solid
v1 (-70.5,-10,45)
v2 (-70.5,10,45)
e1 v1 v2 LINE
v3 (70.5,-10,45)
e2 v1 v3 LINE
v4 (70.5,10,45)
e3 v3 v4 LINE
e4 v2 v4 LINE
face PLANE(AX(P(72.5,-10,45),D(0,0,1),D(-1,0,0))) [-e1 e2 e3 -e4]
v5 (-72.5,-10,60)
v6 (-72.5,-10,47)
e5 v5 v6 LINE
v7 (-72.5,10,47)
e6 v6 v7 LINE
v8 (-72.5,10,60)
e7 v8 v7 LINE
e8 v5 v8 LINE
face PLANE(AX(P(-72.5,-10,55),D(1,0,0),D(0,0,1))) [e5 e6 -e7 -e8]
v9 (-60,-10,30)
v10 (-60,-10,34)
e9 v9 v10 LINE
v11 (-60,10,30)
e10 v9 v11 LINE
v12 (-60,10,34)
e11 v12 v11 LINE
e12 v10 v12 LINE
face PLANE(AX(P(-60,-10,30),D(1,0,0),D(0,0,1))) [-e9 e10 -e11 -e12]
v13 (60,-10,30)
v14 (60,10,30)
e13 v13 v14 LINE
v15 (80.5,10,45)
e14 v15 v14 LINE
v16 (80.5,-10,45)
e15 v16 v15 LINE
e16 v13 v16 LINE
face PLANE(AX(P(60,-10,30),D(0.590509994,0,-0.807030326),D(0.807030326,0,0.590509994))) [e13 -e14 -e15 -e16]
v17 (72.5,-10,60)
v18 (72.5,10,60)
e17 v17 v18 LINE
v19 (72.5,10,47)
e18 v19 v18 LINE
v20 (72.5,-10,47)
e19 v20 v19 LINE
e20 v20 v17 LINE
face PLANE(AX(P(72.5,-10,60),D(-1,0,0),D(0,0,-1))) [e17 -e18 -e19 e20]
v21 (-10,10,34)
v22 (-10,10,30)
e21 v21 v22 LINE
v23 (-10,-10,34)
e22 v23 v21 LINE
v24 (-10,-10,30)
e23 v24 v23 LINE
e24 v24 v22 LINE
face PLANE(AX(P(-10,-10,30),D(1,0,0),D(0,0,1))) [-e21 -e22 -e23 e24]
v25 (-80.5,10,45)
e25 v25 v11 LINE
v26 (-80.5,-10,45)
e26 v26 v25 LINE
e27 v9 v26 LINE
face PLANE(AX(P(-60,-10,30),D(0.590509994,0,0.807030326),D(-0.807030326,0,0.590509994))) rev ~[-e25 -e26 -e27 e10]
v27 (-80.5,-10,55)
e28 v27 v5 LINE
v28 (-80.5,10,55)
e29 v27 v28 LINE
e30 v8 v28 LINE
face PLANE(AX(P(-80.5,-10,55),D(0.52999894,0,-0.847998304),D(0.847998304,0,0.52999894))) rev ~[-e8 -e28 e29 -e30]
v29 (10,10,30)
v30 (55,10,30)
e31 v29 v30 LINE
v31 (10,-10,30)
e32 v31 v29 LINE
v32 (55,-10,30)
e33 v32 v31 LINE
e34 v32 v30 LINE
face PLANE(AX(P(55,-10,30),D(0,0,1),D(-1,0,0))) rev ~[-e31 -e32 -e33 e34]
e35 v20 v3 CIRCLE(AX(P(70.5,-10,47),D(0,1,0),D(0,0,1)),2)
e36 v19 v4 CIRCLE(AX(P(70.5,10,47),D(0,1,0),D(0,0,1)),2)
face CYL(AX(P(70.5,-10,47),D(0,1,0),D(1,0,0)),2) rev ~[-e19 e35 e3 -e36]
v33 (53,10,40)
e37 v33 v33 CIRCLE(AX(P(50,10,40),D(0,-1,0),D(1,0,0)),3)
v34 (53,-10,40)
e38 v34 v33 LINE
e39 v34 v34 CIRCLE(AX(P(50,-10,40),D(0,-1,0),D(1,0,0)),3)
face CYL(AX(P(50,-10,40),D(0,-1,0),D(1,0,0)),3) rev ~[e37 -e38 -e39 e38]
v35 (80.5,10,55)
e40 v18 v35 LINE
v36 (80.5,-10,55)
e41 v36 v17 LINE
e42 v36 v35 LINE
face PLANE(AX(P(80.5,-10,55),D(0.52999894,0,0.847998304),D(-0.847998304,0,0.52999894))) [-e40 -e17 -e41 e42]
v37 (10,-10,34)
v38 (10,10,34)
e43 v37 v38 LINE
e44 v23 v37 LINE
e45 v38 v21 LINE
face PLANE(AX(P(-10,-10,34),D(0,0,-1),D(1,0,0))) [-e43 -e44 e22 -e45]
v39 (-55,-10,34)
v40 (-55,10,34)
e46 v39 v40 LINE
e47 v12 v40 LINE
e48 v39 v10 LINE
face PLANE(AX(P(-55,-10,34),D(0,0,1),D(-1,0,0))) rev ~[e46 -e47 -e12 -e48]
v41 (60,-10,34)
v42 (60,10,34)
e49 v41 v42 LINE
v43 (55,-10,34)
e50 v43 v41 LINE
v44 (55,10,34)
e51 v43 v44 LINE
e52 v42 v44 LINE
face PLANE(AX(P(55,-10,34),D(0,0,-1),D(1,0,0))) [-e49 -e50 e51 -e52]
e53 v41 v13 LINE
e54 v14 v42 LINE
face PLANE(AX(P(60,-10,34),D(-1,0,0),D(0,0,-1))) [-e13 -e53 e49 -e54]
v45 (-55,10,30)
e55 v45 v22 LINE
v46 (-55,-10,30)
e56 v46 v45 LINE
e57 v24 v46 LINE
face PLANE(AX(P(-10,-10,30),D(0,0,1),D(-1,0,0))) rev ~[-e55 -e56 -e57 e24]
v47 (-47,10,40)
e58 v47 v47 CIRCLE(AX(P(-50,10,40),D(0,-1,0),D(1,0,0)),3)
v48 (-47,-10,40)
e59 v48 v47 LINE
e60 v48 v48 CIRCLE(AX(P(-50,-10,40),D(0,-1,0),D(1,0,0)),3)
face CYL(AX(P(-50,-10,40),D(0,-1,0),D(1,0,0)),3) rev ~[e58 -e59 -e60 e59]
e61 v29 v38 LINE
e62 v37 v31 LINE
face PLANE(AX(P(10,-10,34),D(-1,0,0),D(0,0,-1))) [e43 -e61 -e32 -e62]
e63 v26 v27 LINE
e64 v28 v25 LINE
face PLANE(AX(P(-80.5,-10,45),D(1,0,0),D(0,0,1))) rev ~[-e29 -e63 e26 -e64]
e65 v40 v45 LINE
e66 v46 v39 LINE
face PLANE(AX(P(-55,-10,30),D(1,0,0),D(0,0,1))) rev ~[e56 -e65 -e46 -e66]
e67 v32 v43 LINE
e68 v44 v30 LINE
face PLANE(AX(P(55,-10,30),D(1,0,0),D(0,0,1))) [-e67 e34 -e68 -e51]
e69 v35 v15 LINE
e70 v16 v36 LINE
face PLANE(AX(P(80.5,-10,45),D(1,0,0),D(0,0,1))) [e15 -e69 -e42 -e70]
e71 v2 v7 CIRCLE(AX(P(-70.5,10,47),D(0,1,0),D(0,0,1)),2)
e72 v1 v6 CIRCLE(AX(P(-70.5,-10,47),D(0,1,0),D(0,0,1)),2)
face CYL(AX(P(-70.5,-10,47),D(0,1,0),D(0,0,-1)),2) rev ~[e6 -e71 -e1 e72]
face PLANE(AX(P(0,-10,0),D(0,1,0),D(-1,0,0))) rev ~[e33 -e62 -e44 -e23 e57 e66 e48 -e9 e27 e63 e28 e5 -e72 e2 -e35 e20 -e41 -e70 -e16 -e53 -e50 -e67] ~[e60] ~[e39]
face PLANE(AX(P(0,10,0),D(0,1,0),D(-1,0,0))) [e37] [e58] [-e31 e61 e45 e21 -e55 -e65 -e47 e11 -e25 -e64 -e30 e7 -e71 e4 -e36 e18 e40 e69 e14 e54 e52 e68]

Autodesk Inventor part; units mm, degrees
ref_plane "YZ Plane" through (0, 0, 0) normal (1, 0, 0) x (0, 1, 0)
ref_plane "XZ Plane" through (0, 0, 0) normal (0, 1, 0) x (-1, 0, 0)
ref_plane "XY Plane" through (0, 0, 0) normal (0, 0, 1) x (1, 0, 0)
sketch "Esquisse1" plane through (0, 0, 0) normal (0, 1, 0) x (-1, 0, 0)
  circle A0 centre (0, 0) radius 25 construction
  line L0 (-25, 0) -> (25, 0) construction
  arc A1 (-75, -80.7775) -> (-75, 80.7775) centre (-25, 0) ccw construction
  arc A2 (75, 80.7775) -> (75, -80.7775) centre (25, 0) ccw construction
  line L1 (0, 25) -> (0, 0) construction
  line L2 (-75, 80.7775) -> (75, 80.7775)
  line L3 (-75, -80.7775) -> (75, -80.7775)
  arc A3 (75, -80.7775) -> (75, 80.7775) centre (25, 0) ccw
  arc A4 (-75, 80.7775) -> (-75, -80.7775) centre (-25, 0) ccw
  dimension "d0" = 50
  dimension "d1" = 190
  dimension "d2" = 150
extrude "Extrusion1" add sketch "Esquisse1" along normal mid plane 20
sketch "Esquisse4" plane through (0, -10, 0) normal (0, -1, 0) x (1, 0, 0)
  line L0 (-50, 40) -> (50, 40) construction
  line L1 (50, 40) -> (50, -40) construction
  line L2 (50, -40) -> (-50, -40) construction
  line L3 (-50, -40) -> (-50, 40) construction
  circle A0 centre (-50, 40) radius 3
  circle A1 centre (50, 40) radius 3
  circle A2 centre (50, -40) radius 3
  circle A3 centre (-50, -40) radius 3
  line L4 (75, 80.7775) -> (-75, 80.7775) projected
  point P0 (0, 0)
  dimension "d15" = 80
  dimension "d16" = 100
  dimension "d17" = 50
  dimension "d18" = 40
  dimension "d19" = 6
  dimension "d20" = 6
  dimension "d21" = 6
  dimension "d22" = 6
  dimension "d25" = 40.7775
extrude "Extrusion4" cut sketch "Esquisse4" against normal through all
sketch "Esquisse12" plane through (0, -10, 0) normal (0, -1, 0) x (1, 0, 0)
  circle A0 centre (50, -40) radius 3 projected
  circle A1 centre (-50, 40) radius 3 projected
  circle A2 centre (50, 40) radius 3 projected
  circle A3 centre (-50, -40) radius 3 projected
  line L0 (75, 80.7775) -> (-75, 80.7775) projected
  arc A4 (-75, 80.7775) -> (-75, -80.7775) centre (-25, 0) ccw projected
  line L1 (-75, -80.7775) -> (75, -80.7775) projected
  arc A5 (75, -80.7775) -> (75, 80.7775) centre (25, 0) ccw projected
  line L2 (-72.5, 60) -> (72.5, 60)
  line L3 (72.5, 60) -> (72.5, 45)
  line L4 (72.5, 45) -> (-72.5, 45)
  line L5 (-72.5, 45) -> (-72.5, 60)
  line L6 (-60, 45) -> (60, 45)
  line L7 (60, 45) -> (60, 30)
  line L8 (60, 30) -> (-60, 30)
  line L9 (-60, 30) -> (-60, 45)
  line L10 (-72.5, 45) -> (-80.5, 45)
  line L11 (-80.5, 45) -> (-80.5, 55)
  line L12 (-80.5, 55) -> (-72.5, 55)
  line L13 (-72.5, 55) -> (-72.5, 45)
  line L14 (72.5, 45) -> (80.5, 45)
  line L15 (80.5, 45) -> (80.5, 55)
  line L16 (80.5, 55) -> (72.5, 55)
  line L17 (72.5, 55) -> (72.5, 45)
  line L18 (-60, 30) -> (-80.5, 45)
  line L19 (60, 30) -> (80.5, 45)
  line L20 (-80.5, 55) -> (-72.5, 60)
  line L21 (-72.5, 55) -> (-72.5, 60)
  line L22 (80.5, 55) -> (72.5, 60)
  line L23 (72.5, 60) -> (72.5, 55)
  line L24 (-60, 30) -> (-55, 30)
  line L25 (-55, 30) -> (-55, 34)
  line L26 (-55, 34) -> (-60, 34)
  line L27 (-60, 34) -> (-60, 30)
  line L28 (60, 30) -> (55, 30)
  line L29 (55, 30) -> (55, 34)
  line L30 (55, 34) -> (60, 34)
  line L31 (60, 34) -> (60, 30)
  line L32 (10, 30) -> (-10, 30)
  line L33 (-10, 30) -> (-10, 34)
  line L34 (-10, 34) -> (10, 34)
  line L35 (10, 34) -> (10, 30)
  point P0 (0, 0)
  dimension "d101" = 145
  dimension "d102" = 15
  dimension "d103" = 40.7775
  dimension "d105" = 72.5
  dimension "d106" = 10
  dimension "d107" = 10
  dimension "d108" = 10
  dimension "d109" = 8
  dimension "d110" = 8
  dimension "d111" = 5
  dimension "d112" = 5
  dimension "d116" = 5
  dimension "d117" = 4
  dimension "d118" = 5
  dimension "d119" = 4
  dimension "d120" = 4
  dimension "d121" = 20
  dimension "d122" = 10
  dimension "d144" = 5
extrude "Extrusion9" cut sketch "Esquisse12" against normal through all contours A5 L1 A4 L0 | L2 L3 L4 L5 | L9 L26 L25 L8 | L8 L29 L30 L7 | L33 L34 L35 L8
fillet "Congé1" radius 2 2 edges at (72.5, 0, 45) (-72.5, 0, 45)
equation "\"d17\" = 0.5 * d16"
equation "\"d18\" = 0.5 * d15"
equation "\"d20\" = d19"
equation "\"d21\" = d19"
equation "\"d22\" = d19"
properties part number "base"
